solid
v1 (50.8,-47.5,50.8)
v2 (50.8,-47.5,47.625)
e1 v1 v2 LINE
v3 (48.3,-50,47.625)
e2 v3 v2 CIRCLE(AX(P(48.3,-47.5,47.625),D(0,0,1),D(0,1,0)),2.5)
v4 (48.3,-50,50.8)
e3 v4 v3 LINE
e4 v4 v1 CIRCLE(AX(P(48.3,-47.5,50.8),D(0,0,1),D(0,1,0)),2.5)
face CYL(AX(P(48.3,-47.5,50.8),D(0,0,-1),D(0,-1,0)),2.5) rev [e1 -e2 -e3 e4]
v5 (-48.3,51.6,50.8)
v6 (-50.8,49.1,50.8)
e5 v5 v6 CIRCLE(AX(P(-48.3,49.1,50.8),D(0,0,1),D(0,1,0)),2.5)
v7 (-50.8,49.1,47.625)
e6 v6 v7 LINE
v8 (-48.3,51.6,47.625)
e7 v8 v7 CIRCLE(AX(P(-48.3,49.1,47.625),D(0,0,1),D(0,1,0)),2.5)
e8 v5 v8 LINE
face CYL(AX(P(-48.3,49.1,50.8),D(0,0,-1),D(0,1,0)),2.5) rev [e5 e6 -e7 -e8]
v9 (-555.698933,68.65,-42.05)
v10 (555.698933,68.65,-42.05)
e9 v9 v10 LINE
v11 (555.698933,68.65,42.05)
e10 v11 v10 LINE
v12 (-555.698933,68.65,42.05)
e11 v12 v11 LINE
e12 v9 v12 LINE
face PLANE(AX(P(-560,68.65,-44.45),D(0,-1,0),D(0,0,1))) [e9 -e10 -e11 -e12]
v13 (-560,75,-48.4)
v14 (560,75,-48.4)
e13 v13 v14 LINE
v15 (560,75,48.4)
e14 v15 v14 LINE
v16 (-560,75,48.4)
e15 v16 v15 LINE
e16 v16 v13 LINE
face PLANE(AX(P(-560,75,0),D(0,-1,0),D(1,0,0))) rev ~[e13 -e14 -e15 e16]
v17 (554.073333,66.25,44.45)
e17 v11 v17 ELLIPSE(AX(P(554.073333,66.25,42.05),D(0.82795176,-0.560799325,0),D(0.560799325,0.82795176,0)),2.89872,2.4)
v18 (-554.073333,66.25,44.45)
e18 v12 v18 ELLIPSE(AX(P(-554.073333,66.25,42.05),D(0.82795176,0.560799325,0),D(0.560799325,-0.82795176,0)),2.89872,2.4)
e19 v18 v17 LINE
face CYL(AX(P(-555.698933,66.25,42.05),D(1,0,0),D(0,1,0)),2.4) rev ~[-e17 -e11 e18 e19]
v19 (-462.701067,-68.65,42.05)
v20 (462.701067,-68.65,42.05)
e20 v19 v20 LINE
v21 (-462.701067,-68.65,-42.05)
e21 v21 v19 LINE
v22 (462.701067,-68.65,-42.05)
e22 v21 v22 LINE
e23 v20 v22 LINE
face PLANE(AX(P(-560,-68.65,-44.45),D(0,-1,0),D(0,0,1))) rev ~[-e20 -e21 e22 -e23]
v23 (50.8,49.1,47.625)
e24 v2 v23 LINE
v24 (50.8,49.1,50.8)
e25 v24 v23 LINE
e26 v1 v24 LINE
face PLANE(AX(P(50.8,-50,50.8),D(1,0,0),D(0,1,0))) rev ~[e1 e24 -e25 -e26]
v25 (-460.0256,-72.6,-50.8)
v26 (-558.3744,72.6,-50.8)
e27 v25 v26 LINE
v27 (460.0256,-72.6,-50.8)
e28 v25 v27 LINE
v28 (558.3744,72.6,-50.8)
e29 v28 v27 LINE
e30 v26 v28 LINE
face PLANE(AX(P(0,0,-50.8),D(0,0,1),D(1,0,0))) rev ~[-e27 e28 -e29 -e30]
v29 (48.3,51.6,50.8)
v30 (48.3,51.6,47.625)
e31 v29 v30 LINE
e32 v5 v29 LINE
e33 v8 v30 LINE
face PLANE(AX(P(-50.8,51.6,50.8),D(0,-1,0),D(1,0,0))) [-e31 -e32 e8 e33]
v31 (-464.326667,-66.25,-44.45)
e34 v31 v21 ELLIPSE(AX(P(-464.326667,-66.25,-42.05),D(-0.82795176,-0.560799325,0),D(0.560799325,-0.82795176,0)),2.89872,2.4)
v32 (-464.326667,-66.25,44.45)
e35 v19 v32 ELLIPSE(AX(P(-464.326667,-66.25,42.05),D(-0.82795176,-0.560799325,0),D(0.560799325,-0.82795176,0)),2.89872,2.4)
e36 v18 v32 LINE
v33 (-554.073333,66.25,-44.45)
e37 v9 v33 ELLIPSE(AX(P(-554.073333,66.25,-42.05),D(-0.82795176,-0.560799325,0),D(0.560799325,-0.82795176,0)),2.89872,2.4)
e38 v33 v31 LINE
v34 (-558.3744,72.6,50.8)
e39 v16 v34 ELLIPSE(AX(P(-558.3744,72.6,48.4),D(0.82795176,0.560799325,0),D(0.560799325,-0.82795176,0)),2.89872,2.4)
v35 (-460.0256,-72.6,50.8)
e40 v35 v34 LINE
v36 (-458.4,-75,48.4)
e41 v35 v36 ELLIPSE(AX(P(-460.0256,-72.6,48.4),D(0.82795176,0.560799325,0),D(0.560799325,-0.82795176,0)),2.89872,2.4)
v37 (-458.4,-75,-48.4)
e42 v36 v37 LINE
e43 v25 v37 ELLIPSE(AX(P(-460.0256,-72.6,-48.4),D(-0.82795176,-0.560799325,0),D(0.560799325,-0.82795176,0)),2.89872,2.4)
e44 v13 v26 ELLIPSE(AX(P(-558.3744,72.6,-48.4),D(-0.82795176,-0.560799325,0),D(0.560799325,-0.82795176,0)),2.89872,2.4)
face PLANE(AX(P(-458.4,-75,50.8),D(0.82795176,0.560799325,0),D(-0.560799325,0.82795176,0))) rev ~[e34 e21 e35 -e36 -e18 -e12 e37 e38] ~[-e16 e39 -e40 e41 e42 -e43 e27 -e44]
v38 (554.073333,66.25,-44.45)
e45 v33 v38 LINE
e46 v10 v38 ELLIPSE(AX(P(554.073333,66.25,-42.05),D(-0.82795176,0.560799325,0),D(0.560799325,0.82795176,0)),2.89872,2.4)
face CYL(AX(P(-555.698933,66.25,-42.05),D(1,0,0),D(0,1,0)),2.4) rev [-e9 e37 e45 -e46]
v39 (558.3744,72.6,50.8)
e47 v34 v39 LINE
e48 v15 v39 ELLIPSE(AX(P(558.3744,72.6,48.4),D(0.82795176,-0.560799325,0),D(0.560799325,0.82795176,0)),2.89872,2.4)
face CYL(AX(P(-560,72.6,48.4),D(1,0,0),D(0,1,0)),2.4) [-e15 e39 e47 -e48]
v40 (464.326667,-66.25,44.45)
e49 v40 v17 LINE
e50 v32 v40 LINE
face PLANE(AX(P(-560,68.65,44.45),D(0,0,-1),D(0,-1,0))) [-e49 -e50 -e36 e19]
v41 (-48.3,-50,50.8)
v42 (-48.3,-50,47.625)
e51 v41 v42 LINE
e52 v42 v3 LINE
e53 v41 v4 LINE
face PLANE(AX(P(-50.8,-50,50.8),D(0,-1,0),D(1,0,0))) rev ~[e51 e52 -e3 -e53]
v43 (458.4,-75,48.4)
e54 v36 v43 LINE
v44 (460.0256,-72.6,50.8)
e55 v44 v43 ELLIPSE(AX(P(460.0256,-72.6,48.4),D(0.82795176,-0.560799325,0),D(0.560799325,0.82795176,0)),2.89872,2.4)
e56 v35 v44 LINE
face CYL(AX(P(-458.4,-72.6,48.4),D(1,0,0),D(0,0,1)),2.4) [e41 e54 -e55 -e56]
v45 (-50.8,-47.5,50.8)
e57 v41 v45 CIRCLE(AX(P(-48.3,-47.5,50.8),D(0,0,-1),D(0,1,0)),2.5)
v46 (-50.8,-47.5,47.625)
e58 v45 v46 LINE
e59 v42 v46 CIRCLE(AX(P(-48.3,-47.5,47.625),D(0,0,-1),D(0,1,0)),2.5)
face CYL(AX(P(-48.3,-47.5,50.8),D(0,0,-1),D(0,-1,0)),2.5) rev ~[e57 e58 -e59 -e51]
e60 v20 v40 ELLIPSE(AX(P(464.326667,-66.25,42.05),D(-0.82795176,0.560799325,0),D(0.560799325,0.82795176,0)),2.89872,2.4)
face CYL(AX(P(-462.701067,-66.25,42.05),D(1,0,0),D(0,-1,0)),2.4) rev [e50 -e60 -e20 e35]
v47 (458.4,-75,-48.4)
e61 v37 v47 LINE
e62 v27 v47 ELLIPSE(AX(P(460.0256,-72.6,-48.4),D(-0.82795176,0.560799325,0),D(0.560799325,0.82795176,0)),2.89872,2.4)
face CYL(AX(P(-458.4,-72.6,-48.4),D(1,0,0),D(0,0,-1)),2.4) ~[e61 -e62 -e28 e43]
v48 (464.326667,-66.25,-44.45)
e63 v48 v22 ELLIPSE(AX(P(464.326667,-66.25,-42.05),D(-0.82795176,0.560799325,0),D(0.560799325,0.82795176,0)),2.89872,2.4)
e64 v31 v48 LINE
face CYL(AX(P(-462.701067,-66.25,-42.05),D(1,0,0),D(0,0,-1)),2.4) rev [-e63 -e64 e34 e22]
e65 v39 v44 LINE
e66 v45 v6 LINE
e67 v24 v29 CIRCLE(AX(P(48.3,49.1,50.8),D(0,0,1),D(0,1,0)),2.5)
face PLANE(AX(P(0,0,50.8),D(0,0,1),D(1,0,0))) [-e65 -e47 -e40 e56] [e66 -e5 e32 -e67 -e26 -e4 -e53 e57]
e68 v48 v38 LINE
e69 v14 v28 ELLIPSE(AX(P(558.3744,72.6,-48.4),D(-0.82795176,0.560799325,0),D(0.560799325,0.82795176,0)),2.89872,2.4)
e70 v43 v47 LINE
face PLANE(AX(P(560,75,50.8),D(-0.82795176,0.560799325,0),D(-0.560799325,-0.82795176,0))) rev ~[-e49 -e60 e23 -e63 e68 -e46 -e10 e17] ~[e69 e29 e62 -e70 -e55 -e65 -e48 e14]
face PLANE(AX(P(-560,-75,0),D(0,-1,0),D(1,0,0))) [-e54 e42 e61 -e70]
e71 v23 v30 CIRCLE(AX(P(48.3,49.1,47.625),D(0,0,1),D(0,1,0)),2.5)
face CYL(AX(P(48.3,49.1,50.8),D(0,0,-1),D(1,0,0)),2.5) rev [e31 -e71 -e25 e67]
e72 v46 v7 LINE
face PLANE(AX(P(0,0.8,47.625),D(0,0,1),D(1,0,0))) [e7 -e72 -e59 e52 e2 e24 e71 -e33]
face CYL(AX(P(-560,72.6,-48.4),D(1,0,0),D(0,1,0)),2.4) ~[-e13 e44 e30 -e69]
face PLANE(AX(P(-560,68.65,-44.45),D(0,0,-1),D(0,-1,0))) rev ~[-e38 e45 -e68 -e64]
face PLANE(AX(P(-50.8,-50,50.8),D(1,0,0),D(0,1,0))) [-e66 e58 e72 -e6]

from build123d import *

# Parameters (mm, degrees)
F0_W      = 1120
F0_H      = 150
F1_DEPTH  = 50.8
F2_W      = 137.3
F2_H      = 88.9
F3_DEPTH  = 1120
F5_DEPTH  = 101.601
F7_DEPTH  = 101.601
F8_R      = 2.4
F9_W      = 101.6
F9_H      = 101.6
F10_DEPTH = 3.175
F11_R     = 2.5


with BuildPart() as f1:
    # F0 (on Top) → F1 (new body, symmetric)
    with BuildSketch(Plane.XY):
        Rectangle(F0_W, F0_H)
    extrude(amount=F1_DEPTH, both=True)

    # F2 (on face) → F3 (cut, through all)
    with BuildSketch(Plane(origin=(-560, 0, 0), x_dir=(0, -1, 0), z_dir=(-1, 0, 0))):
        Rectangle(F2_W, F2_H)
    extrude(amount=-F3_DEPTH, mode=Mode.SUBTRACT)

    # F4 (on face) → F5 (cut, through all)
    with BuildSketch(Plane.XY.offset(50.8)):
        Polygon((458.4, -75), (560, -75), (560, 75), align=None)
    extrude(amount=-F5_DEPTH, mode=Mode.SUBTRACT)

    # F6 (on face) → F7 (cut, through all)
    with BuildSketch(Plane.XY.offset(50.8)):
        Polygon((-560, 75), (-560, -75), (-458.4, -75), align=None)
    extrude(amount=-F7_DEPTH, mode=Mode.SUBTRACT)

    # F8
    f8_edges = [f1.edges().sort_by_distance(p)[0] for p in [
        (0, -75, 50.8),
        (0, -75, -50.8),
        (0, 75, -50.8),
        (0, 75, 50.8),
        (0, 68.65, -44.45),
        (0, 68.65, 44.45),
        (0, -68.65, 44.45),
        (0, -68.65, -44.45),
    ]]
    fillet(f8_edges, radius=F8_R)

    # F9 (on face) → F10 (cut)
    with BuildSketch(Plane.XY.offset(50.8)):
        with Locations((0, 0.8)):
            Rectangle(F9_W, F9_H)
    extrude(amount=-F10_DEPTH, mode=Mode.SUBTRACT)

    # F11
    f11_edges = [f1.edges().sort_by_distance(p)[0] for p in [
        (50.8, 51.6, 49.2125),
        (50.8, -50, 49.2125),
        (-50.8, -50, 49.2125),
        (-50.8, 51.6, 49.2125),
    ]]
    fillet(f11_edges, radius=F11_R)


solid = f1.part
